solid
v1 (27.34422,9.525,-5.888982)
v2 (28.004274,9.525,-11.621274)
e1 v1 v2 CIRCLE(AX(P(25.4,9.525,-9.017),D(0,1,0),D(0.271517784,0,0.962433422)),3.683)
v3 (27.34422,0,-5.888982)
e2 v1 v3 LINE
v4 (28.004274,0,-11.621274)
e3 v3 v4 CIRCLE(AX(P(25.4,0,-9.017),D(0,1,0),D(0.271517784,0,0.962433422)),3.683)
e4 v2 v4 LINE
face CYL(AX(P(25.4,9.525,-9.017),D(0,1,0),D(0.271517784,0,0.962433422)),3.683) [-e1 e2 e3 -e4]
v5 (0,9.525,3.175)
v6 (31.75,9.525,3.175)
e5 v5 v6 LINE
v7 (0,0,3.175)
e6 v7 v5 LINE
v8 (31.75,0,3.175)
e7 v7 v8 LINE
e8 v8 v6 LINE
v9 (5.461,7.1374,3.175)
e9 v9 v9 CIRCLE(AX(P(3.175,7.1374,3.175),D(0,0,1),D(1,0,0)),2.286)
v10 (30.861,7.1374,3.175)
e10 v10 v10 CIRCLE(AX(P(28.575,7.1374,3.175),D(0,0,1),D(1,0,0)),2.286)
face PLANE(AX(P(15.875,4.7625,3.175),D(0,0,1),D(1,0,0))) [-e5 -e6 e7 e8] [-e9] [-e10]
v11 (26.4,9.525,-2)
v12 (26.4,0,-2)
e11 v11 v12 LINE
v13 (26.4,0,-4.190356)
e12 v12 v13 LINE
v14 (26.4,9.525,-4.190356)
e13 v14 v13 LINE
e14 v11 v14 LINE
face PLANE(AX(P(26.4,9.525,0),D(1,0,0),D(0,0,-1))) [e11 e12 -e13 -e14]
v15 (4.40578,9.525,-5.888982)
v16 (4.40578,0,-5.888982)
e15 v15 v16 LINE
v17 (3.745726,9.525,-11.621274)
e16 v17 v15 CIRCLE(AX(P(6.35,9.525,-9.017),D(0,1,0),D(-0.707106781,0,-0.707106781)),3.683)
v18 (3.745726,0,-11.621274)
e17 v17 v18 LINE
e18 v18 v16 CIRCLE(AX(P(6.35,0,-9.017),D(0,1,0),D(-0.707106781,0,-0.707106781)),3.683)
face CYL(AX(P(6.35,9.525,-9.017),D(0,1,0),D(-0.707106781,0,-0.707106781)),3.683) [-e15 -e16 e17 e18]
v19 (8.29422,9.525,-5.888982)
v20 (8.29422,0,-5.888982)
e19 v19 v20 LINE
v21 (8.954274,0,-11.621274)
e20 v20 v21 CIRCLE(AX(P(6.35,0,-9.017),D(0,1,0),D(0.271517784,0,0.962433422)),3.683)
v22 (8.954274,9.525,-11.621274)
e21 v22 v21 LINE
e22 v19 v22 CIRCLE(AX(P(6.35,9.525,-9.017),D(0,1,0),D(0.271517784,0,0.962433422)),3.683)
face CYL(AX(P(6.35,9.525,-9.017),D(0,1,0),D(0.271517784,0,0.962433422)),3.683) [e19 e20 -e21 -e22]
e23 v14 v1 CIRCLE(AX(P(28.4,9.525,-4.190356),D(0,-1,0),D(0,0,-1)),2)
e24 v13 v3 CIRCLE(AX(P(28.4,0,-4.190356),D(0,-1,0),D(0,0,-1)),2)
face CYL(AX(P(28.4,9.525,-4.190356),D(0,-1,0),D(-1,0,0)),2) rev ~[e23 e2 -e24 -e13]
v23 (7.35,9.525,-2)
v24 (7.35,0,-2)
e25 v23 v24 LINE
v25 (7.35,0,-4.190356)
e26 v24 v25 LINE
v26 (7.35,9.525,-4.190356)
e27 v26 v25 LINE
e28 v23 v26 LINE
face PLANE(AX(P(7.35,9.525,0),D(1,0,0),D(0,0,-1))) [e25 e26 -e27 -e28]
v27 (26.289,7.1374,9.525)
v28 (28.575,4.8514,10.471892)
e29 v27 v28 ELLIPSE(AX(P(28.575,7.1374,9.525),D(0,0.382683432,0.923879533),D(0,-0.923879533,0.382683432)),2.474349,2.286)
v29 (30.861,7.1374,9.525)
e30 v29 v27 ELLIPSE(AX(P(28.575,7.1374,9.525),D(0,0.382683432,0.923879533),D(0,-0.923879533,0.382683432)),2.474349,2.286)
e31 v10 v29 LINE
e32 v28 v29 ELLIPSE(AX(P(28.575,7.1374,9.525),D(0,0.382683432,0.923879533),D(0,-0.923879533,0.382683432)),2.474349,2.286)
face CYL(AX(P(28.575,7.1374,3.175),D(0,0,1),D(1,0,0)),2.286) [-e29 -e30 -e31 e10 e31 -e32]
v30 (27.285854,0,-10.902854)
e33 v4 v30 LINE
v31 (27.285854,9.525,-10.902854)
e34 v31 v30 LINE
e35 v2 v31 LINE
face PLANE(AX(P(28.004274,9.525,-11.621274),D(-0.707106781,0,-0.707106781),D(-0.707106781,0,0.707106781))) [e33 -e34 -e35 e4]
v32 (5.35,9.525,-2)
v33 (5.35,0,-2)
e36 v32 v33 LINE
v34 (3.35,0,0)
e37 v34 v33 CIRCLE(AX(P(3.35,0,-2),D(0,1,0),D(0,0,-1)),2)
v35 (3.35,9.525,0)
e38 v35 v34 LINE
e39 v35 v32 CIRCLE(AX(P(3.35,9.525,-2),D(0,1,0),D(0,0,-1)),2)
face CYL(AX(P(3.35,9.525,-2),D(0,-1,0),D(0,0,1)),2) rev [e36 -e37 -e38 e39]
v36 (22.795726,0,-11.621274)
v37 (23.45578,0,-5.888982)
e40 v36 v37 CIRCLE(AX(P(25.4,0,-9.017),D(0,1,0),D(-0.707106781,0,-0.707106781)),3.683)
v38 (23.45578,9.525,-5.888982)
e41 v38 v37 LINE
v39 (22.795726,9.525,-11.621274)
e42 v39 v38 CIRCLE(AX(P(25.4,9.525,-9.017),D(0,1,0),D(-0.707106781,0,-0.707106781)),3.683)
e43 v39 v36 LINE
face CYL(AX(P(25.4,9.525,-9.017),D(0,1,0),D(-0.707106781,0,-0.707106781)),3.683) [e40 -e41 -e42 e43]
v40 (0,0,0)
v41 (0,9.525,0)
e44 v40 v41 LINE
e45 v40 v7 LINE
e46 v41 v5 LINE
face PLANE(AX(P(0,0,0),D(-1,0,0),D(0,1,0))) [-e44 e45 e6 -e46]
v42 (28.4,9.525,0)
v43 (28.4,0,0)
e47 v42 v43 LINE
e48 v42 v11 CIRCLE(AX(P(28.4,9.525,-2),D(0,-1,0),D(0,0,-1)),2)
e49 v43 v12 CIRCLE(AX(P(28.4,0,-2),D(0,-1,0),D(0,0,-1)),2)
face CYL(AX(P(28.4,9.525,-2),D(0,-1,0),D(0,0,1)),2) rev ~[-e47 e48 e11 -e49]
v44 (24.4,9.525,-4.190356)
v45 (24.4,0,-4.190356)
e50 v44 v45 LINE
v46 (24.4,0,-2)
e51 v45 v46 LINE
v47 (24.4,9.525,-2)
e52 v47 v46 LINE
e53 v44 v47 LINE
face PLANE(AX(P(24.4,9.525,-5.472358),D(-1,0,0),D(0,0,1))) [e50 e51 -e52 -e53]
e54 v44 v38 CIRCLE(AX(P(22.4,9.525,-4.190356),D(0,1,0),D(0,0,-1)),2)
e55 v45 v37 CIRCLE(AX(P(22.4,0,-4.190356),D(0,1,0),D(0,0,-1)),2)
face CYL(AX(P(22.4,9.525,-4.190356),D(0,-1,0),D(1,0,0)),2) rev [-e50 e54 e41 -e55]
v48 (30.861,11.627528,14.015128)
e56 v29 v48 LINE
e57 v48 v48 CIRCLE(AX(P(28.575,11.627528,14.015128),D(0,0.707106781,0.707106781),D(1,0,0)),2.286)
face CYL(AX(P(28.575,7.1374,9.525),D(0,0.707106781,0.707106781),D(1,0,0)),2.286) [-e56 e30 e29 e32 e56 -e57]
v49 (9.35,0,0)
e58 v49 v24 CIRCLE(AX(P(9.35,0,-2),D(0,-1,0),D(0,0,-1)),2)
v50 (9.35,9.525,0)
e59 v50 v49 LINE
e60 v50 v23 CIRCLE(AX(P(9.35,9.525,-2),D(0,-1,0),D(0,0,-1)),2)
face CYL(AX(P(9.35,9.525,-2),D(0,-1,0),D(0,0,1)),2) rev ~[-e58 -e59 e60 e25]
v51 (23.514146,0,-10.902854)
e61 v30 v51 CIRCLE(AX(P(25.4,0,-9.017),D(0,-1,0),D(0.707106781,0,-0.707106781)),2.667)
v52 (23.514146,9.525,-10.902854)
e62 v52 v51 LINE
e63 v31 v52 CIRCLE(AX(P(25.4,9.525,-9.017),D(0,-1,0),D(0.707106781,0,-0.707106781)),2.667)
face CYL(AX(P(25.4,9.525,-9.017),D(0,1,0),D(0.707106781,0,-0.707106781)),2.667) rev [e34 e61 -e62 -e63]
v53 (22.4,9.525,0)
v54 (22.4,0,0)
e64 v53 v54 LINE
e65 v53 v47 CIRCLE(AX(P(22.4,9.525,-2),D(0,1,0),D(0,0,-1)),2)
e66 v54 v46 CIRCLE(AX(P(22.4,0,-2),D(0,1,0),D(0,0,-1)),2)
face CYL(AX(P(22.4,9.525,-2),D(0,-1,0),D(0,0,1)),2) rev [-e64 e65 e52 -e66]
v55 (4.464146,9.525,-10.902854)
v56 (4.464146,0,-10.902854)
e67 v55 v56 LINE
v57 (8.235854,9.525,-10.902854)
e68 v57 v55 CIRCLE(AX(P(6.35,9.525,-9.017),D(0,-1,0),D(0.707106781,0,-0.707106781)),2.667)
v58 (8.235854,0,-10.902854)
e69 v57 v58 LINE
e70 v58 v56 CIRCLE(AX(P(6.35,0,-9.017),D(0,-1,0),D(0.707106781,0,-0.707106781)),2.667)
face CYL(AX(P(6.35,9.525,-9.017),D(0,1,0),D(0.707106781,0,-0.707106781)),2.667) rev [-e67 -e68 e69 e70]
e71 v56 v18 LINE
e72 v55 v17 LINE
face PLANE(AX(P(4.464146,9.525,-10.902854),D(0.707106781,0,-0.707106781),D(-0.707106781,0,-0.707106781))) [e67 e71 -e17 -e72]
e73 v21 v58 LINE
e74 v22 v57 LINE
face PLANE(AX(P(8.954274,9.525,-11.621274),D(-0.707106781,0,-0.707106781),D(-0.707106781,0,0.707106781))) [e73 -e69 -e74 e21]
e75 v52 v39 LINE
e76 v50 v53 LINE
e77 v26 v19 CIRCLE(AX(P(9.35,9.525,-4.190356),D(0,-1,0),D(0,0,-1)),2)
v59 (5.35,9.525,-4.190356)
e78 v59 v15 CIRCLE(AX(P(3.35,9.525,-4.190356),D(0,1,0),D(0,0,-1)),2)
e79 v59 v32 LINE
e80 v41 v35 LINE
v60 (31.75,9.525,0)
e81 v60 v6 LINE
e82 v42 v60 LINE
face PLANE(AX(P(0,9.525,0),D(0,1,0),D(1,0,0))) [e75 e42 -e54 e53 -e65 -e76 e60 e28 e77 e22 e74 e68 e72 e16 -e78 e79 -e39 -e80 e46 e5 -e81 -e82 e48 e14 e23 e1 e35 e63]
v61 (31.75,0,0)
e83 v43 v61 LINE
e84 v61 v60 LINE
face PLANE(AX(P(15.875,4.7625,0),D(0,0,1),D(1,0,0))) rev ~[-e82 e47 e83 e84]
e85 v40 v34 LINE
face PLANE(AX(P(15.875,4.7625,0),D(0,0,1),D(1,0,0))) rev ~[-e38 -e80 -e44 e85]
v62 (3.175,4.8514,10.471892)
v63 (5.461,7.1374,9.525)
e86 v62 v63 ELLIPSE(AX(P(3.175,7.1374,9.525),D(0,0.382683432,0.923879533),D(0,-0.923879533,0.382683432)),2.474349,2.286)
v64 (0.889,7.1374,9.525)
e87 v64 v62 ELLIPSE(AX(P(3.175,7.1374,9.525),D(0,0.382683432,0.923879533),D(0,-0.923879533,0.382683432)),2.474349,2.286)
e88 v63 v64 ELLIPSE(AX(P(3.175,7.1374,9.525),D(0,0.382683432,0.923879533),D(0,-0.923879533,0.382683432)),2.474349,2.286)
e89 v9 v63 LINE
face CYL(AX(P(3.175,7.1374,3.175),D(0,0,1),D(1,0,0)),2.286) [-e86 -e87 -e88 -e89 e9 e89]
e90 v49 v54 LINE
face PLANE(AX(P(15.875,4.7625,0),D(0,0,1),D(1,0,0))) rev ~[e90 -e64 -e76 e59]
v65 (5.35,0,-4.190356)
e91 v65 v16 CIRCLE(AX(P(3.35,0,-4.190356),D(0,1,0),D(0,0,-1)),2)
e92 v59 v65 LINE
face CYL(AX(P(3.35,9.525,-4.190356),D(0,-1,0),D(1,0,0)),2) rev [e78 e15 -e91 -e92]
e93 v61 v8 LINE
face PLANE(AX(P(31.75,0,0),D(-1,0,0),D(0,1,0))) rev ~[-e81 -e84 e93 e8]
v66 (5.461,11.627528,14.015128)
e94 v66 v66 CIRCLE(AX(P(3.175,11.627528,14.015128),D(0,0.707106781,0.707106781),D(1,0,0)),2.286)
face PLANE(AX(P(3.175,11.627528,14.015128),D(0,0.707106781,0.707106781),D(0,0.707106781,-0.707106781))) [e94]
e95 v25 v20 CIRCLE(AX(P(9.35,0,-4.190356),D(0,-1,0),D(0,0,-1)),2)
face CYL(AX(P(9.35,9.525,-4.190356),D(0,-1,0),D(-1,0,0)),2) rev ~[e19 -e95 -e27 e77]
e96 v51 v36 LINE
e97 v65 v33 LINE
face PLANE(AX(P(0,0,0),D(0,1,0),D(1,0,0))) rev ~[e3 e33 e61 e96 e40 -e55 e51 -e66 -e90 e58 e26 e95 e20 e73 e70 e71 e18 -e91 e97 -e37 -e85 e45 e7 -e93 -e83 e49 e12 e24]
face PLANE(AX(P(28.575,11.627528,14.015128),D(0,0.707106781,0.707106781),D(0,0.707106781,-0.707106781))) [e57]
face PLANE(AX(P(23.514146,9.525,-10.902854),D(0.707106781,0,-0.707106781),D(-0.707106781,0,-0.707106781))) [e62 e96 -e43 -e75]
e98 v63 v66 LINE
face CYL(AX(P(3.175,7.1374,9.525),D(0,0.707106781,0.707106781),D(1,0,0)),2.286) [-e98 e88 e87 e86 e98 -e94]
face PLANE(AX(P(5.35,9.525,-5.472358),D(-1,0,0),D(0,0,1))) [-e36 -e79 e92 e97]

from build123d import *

# Parameters (mm, degrees)
F0_W      = 31.75
F0_H      = 9.525
F1_DEPTH  = 3.175
F4_R      = 2.286
F8_R      = 2.286
F11_DEPTH = 9.525
F12_R     = 2


with BuildPart() as f1:
    # F0 (on Top) → F1 (new body)
    with BuildSketch(Plane.XY):
        with Locations((15.875, 4.7625)):
            Rectangle(F0_W, F0_H)
    extrude(amount=F1_DEPTH)

    # F5: sweep along a path in F3
    with BuildLine(Plane.YZ.offset(28.575)) as f5_path:
        Line((7.1374, 3.175), (7.1374, 9.525))
        Line((7.1374, 9.525), (11.6275280605, 14.0151280605))
    # F4 (on face) → F5 (sweep)
    with BuildSketch(Plane.XY.offset(3.175)):
        with Locations((28.575, 7.1374)):
            Circle(F4_R)
    sweep(path=f5_path.line, transition=Transition.RIGHT)

    # F9: sweep along a path in F7
    with BuildLine(Plane.YZ.offset(3.175)) as f9_path:
        Line((7.1374, 3.175), (7.1374, 9.525))
        Line((7.1374, 9.525), (11.6275280605, 14.0151280605))
    # F8 (on face) → F9 (sweep)
    with BuildSketch(Plane.XY.offset(3.175)):
        with Locations((3.175, 7.1374)):
            Circle(F8_R)
    sweep(path=f9_path.line, transition=Transition.RIGHT)

    # F10 (on face) → F11 (join, through all)
    with BuildSketch(Plane(origin=(0, 9.525, 0), x_dir=(-1, 0, 0), z_dir=(0, 1, 0))):
        with BuildLine():
            ThreePointArc((-27.2858537854, -10.9028537854), (-25.4, -6.35), (-23.5141462146, -10.9028537854))
            Line((-23.5141462146, -10.9028537854), (-22.7957257249, -11.6212742751))
            ThreePointArc((-22.7957257249, -11.6212742751), (-21.8362951849, -8.0872166969), (-24.4, -5.4723577049))
            Line((-24.4, -5.4723577049), (-24.4, 0))
            Line((-24.4, 0), (-26.4, 0))
            Line((-26.4, 0), (-26.4, -5.4723577049))
            ThreePointArc((-26.4, -5.4723577049), (-28.9637048151, -8.0872166969), (-28.0042742751, -11.6212742751))
            Line((-28.0042742751, -11.6212742751), (-27.2858537854, -10.9028537854))
        make_face()
        with BuildLine():
            Line((-5.35, 0), (-7.35, 0))
            Line((-7.35, 0), (-7.35, -5.4723577049))
            ThreePointArc((-7.35, -5.4723577049), (-9.9137048151, -8.0872166969), (-8.9542742751, -11.6212742751))
            Line((-8.9542742751, -11.6212742751), (-8.2358537854, -10.9028537854))
            ThreePointArc((-8.2358537854, -10.9028537854), (-6.35, -6.35), (-4.4641462146, -10.9028537854))
            Line((-4.4641462146, -10.9028537854), (-3.7457257249, -11.6212742751))
            ThreePointArc((-3.7457257249, -11.6212742751), (-2.7862951849, -8.0872166969), (-5.35, -5.4723577049))
            Line((-5.35, -5.4723577049), (-5.35, 0))
        make_face()
    extrude(amount=-F11_DEPTH)

    # F12
    f12_edges = [f1.edges().sort_by_distance(p)[0] for p in [
        (26.4, 4.7625, 0),
        (24.4, 4.7625, 0),
        (7.35, 4.7625, 0),
        (5.35, 4.7625, 0),
        (24.4, 4.7625, -5.472358),
        (26.4, 4.7625, -5.472358),
        (7.35, 4.7625, -5.472358),
        (5.35, 4.7625, -5.472358),
    ]]
    fillet(f12_edges, radius=F12_R)


solid = f1.part
